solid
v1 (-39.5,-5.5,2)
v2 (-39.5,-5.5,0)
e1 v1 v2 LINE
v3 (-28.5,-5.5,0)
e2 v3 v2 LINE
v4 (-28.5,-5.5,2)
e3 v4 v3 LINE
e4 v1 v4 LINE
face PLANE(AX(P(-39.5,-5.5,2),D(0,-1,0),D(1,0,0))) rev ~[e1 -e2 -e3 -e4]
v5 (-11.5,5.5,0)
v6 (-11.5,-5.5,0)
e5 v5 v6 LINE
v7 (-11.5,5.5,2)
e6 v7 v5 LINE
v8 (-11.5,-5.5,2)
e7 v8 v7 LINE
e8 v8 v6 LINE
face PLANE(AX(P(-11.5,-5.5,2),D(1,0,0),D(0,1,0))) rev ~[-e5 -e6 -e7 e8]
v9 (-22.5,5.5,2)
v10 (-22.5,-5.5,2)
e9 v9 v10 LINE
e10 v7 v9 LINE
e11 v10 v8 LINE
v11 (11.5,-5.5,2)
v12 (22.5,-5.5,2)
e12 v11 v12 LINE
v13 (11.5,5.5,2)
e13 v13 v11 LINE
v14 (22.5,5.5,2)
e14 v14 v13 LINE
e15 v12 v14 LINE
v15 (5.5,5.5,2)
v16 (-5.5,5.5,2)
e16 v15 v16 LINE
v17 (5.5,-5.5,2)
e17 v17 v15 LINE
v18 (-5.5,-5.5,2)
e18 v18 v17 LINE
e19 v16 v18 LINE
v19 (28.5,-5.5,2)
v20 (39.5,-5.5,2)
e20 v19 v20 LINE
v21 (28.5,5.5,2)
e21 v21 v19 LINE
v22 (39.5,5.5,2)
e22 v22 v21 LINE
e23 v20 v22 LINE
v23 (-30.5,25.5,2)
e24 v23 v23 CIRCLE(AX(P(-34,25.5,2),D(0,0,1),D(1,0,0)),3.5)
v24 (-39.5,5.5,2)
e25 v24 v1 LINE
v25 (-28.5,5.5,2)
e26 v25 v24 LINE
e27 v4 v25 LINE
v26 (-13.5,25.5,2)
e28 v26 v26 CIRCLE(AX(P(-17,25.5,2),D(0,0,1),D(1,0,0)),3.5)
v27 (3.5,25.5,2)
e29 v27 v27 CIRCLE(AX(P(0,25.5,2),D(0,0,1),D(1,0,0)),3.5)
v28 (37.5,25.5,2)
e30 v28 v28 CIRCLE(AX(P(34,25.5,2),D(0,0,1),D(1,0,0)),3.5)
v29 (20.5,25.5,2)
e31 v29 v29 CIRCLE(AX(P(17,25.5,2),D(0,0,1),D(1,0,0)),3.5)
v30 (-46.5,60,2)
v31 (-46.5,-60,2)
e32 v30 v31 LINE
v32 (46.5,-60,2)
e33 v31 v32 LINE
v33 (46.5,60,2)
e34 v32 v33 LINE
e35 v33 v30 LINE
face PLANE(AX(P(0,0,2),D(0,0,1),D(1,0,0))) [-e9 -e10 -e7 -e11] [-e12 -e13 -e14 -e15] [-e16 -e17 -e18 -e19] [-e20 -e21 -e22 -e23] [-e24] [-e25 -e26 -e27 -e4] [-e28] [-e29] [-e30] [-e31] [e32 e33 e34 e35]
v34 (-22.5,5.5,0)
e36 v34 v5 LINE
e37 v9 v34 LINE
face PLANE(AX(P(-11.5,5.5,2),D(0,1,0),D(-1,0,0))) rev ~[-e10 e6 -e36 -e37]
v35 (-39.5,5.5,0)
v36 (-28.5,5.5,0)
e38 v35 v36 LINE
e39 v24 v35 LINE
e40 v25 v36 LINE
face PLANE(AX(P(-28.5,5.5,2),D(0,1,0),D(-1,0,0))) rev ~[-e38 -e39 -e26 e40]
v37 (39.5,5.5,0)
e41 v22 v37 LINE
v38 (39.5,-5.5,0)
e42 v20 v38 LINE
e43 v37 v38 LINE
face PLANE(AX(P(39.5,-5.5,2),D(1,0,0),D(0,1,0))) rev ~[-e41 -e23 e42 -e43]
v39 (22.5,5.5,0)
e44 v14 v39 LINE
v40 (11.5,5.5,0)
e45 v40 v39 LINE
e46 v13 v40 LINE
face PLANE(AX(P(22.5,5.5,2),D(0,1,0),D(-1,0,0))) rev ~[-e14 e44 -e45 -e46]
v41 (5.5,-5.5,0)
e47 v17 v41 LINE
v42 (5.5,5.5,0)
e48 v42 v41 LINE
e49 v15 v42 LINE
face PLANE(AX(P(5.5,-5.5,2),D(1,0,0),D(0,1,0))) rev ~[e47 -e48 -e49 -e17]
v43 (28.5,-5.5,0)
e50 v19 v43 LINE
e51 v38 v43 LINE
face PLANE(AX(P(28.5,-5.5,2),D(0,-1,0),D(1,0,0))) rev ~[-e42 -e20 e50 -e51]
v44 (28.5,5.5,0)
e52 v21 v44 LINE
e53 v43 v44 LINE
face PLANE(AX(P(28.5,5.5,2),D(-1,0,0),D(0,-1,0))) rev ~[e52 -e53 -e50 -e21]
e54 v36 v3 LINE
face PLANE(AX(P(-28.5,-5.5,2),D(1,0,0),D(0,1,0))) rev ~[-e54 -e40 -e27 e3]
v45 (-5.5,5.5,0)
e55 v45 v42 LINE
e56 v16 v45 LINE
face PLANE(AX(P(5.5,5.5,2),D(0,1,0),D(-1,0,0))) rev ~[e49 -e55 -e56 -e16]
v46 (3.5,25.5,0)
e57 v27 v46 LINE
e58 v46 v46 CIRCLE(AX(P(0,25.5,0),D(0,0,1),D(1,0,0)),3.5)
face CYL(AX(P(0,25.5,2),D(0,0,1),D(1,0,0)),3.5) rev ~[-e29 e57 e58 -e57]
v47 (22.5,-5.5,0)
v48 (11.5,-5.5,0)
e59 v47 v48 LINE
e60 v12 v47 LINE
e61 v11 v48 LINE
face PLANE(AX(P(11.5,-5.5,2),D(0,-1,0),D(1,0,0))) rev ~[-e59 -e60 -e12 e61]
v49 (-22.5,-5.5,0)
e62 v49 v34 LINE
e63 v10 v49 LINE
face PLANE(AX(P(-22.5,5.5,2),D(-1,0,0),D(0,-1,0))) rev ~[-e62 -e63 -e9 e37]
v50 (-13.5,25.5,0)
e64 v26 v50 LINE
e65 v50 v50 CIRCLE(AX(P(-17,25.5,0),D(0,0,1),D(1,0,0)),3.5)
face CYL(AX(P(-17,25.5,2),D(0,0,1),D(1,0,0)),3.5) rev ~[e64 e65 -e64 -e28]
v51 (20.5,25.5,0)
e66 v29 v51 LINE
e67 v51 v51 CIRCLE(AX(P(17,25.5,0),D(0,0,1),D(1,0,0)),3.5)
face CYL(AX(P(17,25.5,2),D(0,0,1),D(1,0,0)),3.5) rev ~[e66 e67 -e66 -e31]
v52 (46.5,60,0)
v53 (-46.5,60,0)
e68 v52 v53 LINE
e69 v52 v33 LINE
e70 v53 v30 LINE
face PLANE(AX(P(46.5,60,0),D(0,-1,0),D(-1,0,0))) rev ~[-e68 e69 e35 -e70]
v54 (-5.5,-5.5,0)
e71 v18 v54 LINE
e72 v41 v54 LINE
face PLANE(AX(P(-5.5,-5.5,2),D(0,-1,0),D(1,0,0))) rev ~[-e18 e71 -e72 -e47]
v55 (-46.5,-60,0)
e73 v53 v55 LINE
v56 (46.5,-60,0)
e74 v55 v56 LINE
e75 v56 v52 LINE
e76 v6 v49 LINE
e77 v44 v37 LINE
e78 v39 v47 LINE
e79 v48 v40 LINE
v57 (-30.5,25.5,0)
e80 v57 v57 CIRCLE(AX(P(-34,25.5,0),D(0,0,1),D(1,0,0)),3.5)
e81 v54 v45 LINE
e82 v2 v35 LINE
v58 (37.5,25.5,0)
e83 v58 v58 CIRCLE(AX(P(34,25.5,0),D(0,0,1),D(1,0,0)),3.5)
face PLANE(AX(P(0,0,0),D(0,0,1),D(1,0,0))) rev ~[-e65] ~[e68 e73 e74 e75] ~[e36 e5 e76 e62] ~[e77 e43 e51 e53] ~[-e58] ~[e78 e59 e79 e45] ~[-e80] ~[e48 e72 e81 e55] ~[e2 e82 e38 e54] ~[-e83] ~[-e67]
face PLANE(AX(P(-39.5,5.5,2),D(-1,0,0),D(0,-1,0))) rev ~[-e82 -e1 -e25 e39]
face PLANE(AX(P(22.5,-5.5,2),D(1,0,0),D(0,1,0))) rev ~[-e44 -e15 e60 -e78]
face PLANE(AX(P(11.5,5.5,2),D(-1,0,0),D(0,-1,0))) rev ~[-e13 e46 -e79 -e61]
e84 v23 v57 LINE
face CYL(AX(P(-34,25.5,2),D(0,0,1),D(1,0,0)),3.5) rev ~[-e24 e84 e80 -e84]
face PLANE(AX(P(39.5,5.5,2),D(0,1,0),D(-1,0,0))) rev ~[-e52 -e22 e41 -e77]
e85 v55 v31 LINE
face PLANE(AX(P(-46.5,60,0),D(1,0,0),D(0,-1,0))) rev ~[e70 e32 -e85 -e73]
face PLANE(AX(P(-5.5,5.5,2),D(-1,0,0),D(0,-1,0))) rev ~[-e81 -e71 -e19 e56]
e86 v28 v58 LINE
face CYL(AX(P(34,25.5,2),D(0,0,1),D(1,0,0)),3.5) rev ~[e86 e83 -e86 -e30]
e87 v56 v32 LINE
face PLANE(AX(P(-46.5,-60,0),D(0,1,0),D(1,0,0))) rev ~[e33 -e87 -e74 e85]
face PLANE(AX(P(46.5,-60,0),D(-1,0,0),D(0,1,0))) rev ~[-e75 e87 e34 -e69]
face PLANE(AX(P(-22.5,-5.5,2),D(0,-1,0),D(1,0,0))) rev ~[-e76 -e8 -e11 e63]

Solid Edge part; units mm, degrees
sketch "Sketch1" plane through (0, 0, 0) normal (0, 0, 1) x (1, 0, 0)
  line L0 (46.5, -60) -> (46.5, 60)
  line L1 (46.5, 60) -> (-46.5, 60)
  line L2 (-46.5, 60) -> (-46.5, -60)
  line L3 (-46.5, -60) -> (46.5, -60)
extrude "Protrusion1" add sketch "Sketch1" along normal blind 2
sketch "Sketch2" plane through (0, 0, 2) normal (0, 0, 1) x (1, 0, 0)
  circle A0 centre (-34, 25.5) radius 3.5
  line L0 (-28.5, 5.5) -> (-39.5, 5.5)
  line L1 (-39.5, 5.5) -> (-39.5, -5.5)
  line L2 (-39.5, -5.5) -> (-28.5, -5.5)
  line L3 (-28.5, -5.5) -> (-28.5, 5.5)
  circle A1 centre (-17, 25.5) radius 3.5
  line L4 (-11.5, 5.5) -> (-22.5, 5.5)
  line L5 (-22.5, 5.5) -> (-22.5, -5.5)
  line L6 (-22.5, -5.5) -> (-11.5, -5.5)
  line L7 (-11.5, -5.5) -> (-11.5, 5.5)
  circle A2 centre (0, 25.5) radius 3.5
  line L8 (5.5, 5.5) -> (-5.5, 5.5)
  line L9 (-5.5, 5.5) -> (-5.5, -5.5)
  line L10 (-5.5, -5.5) -> (5.5, -5.5)
  line L11 (5.5, -5.5) -> (5.5, 5.5)
  circle A3 centre (17, 25.5) radius 3.5
  line L12 (22.5, 5.5) -> (11.5, 5.5)
  line L13 (11.5, 5.5) -> (11.5, -5.5)
  line L14 (11.5, -5.5) -> (22.5, -5.5)
  line L15 (22.5, -5.5) -> (22.5, 5.5)
  circle A4 centre (34, 25.5) radius 3.5
  line L16 (39.5, 5.5) -> (28.5, 5.5)
  line L17 (28.5, 5.5) -> (28.5, -5.5)
  line L18 (28.5, -5.5) -> (39.5, -5.5)
  line L19 (39.5, -5.5) -> (39.5, 5.5)
extrude "Cutout1" cut sketch "Sketch2" against normal up to next
